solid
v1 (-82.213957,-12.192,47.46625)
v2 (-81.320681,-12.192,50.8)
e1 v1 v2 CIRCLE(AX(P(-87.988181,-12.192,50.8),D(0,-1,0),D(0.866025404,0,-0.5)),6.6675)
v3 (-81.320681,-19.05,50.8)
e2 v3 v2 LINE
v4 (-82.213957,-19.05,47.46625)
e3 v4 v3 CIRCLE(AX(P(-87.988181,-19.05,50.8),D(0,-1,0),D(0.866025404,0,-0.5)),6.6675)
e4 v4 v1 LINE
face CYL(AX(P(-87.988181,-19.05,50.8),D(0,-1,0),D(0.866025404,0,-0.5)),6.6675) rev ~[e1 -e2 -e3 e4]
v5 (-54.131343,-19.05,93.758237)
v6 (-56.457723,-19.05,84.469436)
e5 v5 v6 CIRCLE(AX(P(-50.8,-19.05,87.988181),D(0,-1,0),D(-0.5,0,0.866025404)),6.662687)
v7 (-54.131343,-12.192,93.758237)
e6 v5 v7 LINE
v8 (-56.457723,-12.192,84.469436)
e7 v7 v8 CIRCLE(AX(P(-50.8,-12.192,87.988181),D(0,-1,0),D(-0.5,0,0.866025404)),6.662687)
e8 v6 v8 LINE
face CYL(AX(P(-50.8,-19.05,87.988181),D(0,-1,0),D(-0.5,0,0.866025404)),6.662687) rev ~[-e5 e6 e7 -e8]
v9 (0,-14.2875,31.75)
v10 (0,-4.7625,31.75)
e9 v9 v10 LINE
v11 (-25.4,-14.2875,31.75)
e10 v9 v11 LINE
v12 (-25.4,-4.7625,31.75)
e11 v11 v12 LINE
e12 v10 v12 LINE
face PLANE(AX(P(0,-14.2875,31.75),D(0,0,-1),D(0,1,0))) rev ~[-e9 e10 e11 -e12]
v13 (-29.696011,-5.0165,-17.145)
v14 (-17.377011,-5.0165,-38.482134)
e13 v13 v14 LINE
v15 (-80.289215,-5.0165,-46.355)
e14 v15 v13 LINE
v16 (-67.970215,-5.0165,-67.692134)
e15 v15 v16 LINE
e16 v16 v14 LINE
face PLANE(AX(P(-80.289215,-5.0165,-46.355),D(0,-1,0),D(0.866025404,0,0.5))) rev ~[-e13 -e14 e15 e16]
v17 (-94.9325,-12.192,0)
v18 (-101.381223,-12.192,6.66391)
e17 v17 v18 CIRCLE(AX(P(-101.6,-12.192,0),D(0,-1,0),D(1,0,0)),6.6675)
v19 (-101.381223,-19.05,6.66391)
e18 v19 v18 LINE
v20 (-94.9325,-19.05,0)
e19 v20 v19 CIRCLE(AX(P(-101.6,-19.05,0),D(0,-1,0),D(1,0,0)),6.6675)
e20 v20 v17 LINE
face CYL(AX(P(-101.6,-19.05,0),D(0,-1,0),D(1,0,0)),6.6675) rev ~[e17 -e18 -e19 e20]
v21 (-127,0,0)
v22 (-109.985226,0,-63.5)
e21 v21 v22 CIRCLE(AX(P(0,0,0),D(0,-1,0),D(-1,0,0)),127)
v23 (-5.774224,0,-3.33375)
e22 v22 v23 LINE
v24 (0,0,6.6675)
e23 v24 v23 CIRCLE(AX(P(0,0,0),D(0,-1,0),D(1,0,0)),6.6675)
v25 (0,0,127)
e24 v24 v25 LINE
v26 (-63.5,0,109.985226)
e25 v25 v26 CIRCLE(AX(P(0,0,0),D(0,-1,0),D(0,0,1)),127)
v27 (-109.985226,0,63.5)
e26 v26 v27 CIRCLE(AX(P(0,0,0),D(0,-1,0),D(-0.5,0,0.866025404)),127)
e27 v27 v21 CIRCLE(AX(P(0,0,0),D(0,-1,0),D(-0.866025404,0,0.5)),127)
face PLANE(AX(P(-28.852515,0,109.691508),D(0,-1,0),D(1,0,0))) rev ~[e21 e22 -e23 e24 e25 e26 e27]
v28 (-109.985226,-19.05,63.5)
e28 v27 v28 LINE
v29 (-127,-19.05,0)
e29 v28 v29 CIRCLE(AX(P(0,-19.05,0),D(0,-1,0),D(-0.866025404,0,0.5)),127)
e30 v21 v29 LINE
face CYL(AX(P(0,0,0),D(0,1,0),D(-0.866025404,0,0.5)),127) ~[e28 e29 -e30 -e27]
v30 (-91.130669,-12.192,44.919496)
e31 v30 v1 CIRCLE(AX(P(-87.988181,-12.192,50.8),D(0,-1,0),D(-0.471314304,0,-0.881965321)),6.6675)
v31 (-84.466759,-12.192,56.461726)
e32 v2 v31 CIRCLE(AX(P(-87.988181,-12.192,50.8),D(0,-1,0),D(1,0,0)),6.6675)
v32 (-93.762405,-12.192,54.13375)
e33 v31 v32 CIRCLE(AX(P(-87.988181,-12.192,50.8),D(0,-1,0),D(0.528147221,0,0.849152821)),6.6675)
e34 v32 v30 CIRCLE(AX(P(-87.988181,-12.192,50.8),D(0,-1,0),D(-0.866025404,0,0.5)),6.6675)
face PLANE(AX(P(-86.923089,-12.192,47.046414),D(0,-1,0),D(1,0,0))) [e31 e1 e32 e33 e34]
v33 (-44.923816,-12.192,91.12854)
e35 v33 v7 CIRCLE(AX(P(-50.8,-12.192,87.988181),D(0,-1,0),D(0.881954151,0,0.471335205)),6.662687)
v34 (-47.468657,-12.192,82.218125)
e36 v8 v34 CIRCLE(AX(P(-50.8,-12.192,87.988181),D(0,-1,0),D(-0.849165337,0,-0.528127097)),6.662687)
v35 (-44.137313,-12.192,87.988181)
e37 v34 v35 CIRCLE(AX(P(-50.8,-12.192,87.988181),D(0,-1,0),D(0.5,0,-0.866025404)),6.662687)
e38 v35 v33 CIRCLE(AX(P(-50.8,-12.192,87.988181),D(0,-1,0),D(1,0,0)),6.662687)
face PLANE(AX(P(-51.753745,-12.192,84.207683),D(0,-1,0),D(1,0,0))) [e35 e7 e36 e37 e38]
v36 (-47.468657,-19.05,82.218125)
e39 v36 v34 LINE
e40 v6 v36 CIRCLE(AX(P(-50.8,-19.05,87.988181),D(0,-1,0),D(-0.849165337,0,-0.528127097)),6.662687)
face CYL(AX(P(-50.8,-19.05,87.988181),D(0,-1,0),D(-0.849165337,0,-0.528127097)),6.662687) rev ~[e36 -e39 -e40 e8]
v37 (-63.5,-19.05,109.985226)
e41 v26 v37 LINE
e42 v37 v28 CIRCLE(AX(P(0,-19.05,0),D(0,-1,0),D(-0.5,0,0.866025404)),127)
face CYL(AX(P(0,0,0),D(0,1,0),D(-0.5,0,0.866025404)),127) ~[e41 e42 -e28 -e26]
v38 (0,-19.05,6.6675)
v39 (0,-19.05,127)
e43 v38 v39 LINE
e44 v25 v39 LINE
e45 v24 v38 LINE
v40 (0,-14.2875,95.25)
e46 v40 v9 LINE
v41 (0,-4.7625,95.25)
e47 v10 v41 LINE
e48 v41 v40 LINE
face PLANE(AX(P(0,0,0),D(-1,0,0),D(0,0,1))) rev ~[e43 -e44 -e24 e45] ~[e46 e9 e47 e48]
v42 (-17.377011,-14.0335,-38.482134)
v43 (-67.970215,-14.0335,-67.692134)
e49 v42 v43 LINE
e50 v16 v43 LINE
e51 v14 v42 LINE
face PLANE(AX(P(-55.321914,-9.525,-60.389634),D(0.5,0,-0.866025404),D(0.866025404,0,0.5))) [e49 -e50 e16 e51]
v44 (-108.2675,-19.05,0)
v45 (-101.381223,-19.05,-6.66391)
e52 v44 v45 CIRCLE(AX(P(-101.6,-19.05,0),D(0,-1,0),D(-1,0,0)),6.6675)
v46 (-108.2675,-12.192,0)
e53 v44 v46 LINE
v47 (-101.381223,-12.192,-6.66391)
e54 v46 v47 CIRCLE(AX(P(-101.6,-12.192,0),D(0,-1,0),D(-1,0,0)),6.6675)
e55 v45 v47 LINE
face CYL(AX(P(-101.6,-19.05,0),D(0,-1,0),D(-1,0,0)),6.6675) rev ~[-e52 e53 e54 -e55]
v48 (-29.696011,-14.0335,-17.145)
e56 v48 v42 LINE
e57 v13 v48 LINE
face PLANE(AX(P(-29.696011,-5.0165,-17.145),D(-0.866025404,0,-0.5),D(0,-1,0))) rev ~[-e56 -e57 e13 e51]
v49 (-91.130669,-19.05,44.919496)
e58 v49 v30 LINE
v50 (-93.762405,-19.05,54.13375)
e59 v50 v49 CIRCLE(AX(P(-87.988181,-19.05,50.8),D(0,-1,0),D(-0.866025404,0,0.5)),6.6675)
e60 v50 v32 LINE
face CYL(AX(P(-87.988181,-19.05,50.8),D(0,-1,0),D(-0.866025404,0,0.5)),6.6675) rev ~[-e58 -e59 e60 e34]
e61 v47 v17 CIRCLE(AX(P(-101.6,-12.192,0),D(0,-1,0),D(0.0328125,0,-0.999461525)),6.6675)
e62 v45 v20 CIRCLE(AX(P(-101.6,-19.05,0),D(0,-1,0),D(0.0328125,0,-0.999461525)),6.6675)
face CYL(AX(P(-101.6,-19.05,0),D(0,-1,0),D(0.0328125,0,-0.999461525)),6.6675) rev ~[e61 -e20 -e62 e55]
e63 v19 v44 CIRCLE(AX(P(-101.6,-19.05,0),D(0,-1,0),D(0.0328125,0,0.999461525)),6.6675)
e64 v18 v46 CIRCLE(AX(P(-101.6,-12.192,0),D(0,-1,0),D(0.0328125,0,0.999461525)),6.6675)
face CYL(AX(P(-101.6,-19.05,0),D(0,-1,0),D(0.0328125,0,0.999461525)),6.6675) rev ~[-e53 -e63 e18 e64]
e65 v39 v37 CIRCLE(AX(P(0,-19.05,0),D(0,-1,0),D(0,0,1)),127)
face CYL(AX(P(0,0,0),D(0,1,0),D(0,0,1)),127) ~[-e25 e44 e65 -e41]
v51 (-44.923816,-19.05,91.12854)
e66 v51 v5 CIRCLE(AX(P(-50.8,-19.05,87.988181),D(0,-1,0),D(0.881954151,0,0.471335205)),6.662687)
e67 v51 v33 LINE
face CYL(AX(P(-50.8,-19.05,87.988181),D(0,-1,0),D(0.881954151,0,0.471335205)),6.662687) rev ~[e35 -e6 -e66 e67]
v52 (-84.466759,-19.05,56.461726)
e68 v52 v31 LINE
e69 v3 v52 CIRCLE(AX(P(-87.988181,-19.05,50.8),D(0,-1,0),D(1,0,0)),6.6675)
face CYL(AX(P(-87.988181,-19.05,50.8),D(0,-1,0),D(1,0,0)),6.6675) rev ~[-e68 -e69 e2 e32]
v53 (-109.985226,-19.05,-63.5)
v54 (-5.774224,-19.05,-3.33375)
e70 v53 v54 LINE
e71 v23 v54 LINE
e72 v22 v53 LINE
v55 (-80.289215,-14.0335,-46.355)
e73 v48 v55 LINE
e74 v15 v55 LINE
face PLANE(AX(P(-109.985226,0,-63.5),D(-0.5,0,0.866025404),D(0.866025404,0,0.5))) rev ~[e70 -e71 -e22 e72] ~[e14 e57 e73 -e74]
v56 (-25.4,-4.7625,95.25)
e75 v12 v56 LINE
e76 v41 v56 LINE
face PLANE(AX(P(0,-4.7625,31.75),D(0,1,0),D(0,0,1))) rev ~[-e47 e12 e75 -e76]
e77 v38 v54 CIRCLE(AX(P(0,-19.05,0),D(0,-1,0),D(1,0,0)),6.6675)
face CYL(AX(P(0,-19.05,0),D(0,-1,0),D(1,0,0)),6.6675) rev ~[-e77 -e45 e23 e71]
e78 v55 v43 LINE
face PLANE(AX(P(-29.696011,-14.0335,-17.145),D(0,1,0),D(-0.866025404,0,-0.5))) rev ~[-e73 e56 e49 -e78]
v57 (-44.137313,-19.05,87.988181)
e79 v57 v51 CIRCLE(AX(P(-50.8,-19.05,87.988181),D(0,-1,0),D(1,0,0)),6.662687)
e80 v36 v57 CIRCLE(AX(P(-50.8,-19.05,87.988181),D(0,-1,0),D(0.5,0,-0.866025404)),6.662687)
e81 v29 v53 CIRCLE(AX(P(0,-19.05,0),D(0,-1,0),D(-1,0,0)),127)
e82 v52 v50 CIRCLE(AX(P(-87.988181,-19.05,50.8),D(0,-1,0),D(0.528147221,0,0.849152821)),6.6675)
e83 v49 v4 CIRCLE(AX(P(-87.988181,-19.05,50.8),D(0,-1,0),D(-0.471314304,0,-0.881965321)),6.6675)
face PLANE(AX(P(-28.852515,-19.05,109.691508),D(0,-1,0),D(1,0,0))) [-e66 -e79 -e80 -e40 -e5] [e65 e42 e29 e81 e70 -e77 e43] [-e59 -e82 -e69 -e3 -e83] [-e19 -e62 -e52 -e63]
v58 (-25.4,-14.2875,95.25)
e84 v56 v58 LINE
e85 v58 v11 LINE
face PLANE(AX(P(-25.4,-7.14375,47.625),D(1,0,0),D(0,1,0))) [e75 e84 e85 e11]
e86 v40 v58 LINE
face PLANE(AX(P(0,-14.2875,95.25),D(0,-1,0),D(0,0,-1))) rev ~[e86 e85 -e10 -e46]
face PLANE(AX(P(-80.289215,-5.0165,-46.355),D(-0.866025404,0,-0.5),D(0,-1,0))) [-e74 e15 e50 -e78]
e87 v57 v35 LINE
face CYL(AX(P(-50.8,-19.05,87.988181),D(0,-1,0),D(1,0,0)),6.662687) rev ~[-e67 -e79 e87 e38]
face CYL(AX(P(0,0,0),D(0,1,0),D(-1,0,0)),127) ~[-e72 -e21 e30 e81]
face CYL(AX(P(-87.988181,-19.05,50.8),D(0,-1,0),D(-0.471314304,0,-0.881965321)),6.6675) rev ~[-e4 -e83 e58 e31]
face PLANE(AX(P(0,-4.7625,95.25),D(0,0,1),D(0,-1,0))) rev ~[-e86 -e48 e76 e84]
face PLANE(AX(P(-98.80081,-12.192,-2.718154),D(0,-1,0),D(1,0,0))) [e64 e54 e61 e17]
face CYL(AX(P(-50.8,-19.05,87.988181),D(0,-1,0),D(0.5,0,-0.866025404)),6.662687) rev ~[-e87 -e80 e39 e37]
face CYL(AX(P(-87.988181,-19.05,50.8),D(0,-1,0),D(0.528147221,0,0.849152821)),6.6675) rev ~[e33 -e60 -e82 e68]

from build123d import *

# Parameters (mm, degrees)
F1_DEPTH = 19.05
F2_W     = 4.7625
F2_H     = 31.75
F3_DEPTH = 25.4
F4_W     = 29.21
F4_H     = 9.017
F5_DEPTH = 24.638
F7_DEPTH = 6.858
F8_R     = 6.6675
F9_DEPTH = 25.4


with BuildPart() as f1:
    # F0 (on Front) → F1 (new body)
    with BuildSketch(Plane.XZ):
        with BuildLine():
            Line((0, 101.6), (0, 127))
            ThreePointArc((0, 127), (-32.870018728, 122.6725799387), (-63.5, 109.9852262806))
            Line((-63.5, 109.9852262806), (-54.102, 93.7074127911))
            ThreePointArc((-54.102, 93.7074127911), (-48.9873127514, 94.3385338445), (-44.9764745007, 91.1025616626))
            ThreePointArc((-44.9764745007, 91.1025616626), (-23.092636652, 98.9408415795), (0, 101.6))
        make_face()
        with BuildLine():
            Line((-108.204, 0), (-127, 0))
            ThreePointArc((-127, 0), (-122.6725799387, -32.870018728), (-109.9852262806, -63.5))
            Line((-109.9852262806, -63.5), (-87.9881810245, -50.8))
            ThreePointArc((-87.9881810245, -50.8), (-97.2316006056, -29.4716108088), (-101.38537, -6.600511341))
            ThreePointArc((-101.38537, -6.600511341), (-106.1932232408, -4.7450096164), (-108.204, 0))
        make_face()
        with BuildLine():
            Line((0, 0), (0, 101.6))
            ThreePointArc((0, 101.6), (-23.092636652, 98.9408415795), (-44.9764745007, 91.1025616626))
            ThreePointArc((-44.9764745007, 91.1025616626), (-44.3940895106, 89.5935242281), (-44.196, 87.9881810245))
            ThreePointArc((-44.196, 87.9881810245), (-45.0807682334, 84.6861810245), (-47.498, 82.2689492579))
            Line((-47.498, 82.2689492579), (0, 0))
        make_face()
        with BuildLine():
            Line((-87.9881810245, -50.8), (0, 0))
            Line((0, 0), (-94.996, 0))
            ThreePointArc((-94.996, 0), (-96.8549903836, -4.5932232408), (-101.38537, -6.600511341))
            ThreePointArc((-101.38537, -6.600511341), (-97.2316006056, -29.4716108088), (-87.9881810245, -50.8))
        make_face()
        with BuildLine():
            Line((-54.102, 93.7074127911), (-63.5, 109.9852262806))
            ThreePointArc((-63.5, 109.9852262806), (-89.8025612107, 89.8025612107), (-109.9852262806, 63.5))
            Line((-109.9852262806, 63.5), (-93.7074127911, 54.102))
            ThreePointArc((-93.7074127911, 54.102), (-89.5935242281, 57.2059104894), (-84.5020503216, 56.4088954993))
            ThreePointArc((-84.5020503216, 56.4088954993), (-71.8420489686, 71.8420489686), (-56.4088954993, 84.5020503216))
            ThreePointArc((-56.4088954993, 84.5020503216), (-57.2059104894, 89.5935242281), (-54.102, 93.7074127911))
        make_face()
        with BuildLine():
            Line((-93.7074127911, 54.102), (-109.9852262806, 63.5))
            ThreePointArc((-109.9852262806, 63.5), (-122.6725799387, 32.870018728), (-127, 0))
            Line((-127, 0), (-108.204, 0))
            ThreePointArc((-108.204, 0), (-106.1932232408, 4.7450096164), (-101.38537, 6.600511341))
            ThreePointArc((-101.38537, 6.600511341), (-98.138063951, 26.2960149824), (-91.1025616626, 44.9764745007))
            ThreePointArc((-91.1025616626, 44.9764745007), (-94.3385338445, 48.9873127514), (-93.7074127911, 54.102))
        make_face()
        with BuildLine():
            Line((-82.2689492579, 47.498), (0, 0))
            Line((0, 0), (-47.498, 82.2689492579))
            ThreePointArc((-47.498, 82.2689492579), (-52.4053432036, 81.5822705351), (-56.4088954993, 84.5020503216))
            ThreePointArc((-56.4088954993, 84.5020503216), (-71.8420489686, 71.8420489686), (-84.5020503216, 56.4088954993))
            ThreePointArc((-84.5020503216, 56.4088954993), (-82.2160400369, 54.0086140963), (-81.3841810245, 50.8))
            ThreePointArc((-81.3841810245, 50.8), (-81.6092068677, 49.0907590261), (-82.2689492579, 47.498))
        make_face()
        with BuildLine():
            Line((-94.996, 0), (0, 0))
            Line((0, 0), (-82.2689492579, 47.498))
            ThreePointArc((-82.2689492579, 47.498), (-86.1754937759, 44.44964718), (-91.1025616626, 44.9764745007))
            ThreePointArc((-91.1025616626, 44.9764745007), (-98.138063951, 26.2960149824), (-101.38537, 6.600511341))
            ThreePointArc((-101.38537, 6.600511341), (-96.8549903836, 4.5932232408), (-94.996, 0))
        make_face()
        with BuildLine():
            Line((-101.6, 0), (-108.204, 0))
            ThreePointArc((-108.204, 0), (-106.1932232408, -4.7450096164), (-101.38537, -6.600511341))
            ThreePointArc((-101.38537, -6.600511341), (-101.5463283236, -3.302), (-101.6, 0))
        make_face()
        with BuildLine():
            ThreePointArc((-101.38537, -6.600511341), (-96.8549903836, -4.5932232408), (-94.996, 0))
            Line((-94.996, 0), (-101.6, 0))
            ThreePointArc((-101.6, 0), (-101.5463283236, -3.302), (-101.38537, -6.600511341))
        make_face()
        with BuildLine():
            ThreePointArc((-101.38537, 6.600511341), (-106.1932232408, 4.7450096164), (-108.204, 0))
            Line((-108.204, 0), (-101.6, 0))
            ThreePointArc((-101.6, 0), (-101.5463283236, 3.302), (-101.38537, 6.600511341))
        make_face()
        with BuildLine():
            Line((-101.6, 0), (-94.996, 0))
            ThreePointArc((-94.996, 0), (-96.8549903836, 4.5932232408), (-101.38537, 6.600511341))
            ThreePointArc((-101.38537, 6.600511341), (-101.5463283236, 3.302), (-101.6, 0))
        make_face()
        with BuildLine():
            ThreePointArc((-91.1025616626, 44.9764745007), (-86.1754937759, 44.44964718), (-82.2689492579, 47.498))
            Line((-82.2689492579, 47.498), (-87.9881810245, 50.8))
            ThreePointArc((-87.9881810245, 50.8), (-89.5926999893, 47.9135482785), (-91.1025616626, 44.9764745007))
        make_face()
        with BuildLine():
            Line((-87.9881810245, 50.8), (-93.7074127911, 54.102))
            ThreePointArc((-93.7074127911, 54.102), (-94.3385338445, 48.9873127514), (-91.1025616626, 44.9764745007))
            ThreePointArc((-91.1025616626, 44.9764745007), (-89.5926999893, 47.9135482785), (-87.9881810245, 50.8))
        make_face()
        with BuildLine():
            ThreePointArc((-84.5020503216, 56.4088954993), (-89.5935242281, 57.2059104894), (-93.7074127911, 54.102))
            Line((-93.7074127911, 54.102), (-87.9881810245, 50.8))
            ThreePointArc((-87.9881810245, 50.8), (-86.2906999893, 53.6327800451), (-84.5020503216, 56.4088954993))
        make_face()
        with BuildLine():
            Line((-87.9881810245, 50.8), (-82.2689492579, 47.498))
            ThreePointArc((-82.2689492579, 47.498), (-81.6092068677, 49.0907590261), (-81.3841810245, 50.8))
            ThreePointArc((-81.3841810245, 50.8), (-82.2160400369, 54.0086140963), (-84.5020503216, 56.4088954993))
            ThreePointArc((-84.5020503216, 56.4088954993), (-86.2906999893, 53.6327800451), (-87.9881810245, 50.8))
        make_face()
        with BuildLine():
            Line((-47.498, 82.2689492579), (-50.8, 87.9881810245))
            ThreePointArc((-50.8, 87.9881810245), (-53.6327800451, 86.2906999893), (-56.4088954993, 84.5020503216))
            ThreePointArc((-56.4088954993, 84.5020503216), (-52.4053432036, 81.5822705351), (-47.498, 82.2689492579))
        make_face()
        with BuildLine():
            ThreePointArc((-44.196, 87.9881810245), (-44.3940895106, 89.5935242281), (-44.9764745007, 91.1025616626))
            ThreePointArc((-44.9764745007, 91.1025616626), (-47.9135482785, 89.5926999893), (-50.8, 87.9881810245))
            Line((-50.8, 87.9881810245), (-47.498, 82.2689492579))
            ThreePointArc((-47.498, 82.2689492579), (-45.0807682334, 84.6861810245), (-44.196, 87.9881810245))
        make_face()
        with BuildLine():
            ThreePointArc((-44.9764745007, 91.1025616626), (-48.9873127514, 94.3385338445), (-54.102, 93.7074127911))
            Line((-54.102, 93.7074127911), (-50.8, 87.9881810245))
            ThreePointArc((-50.8, 87.9881810245), (-47.9135482785, 89.5926999893), (-44.9764745007, 91.1025616626))
        make_face()
        with BuildLine():
            Line((-50.8, 87.9881810245), (-54.102, 93.7074127911))
            ThreePointArc((-54.102, 93.7074127911), (-57.2059104894, 89.5935242281), (-56.4088954993, 84.5020503216))
            ThreePointArc((-56.4088954993, 84.5020503216), (-53.6327800451, 86.2906999893), (-50.8, 87.9881810245))
        make_face()
    extrude(amount=F1_DEPTH)

    # F2 (on face) → F3 (cut)
    with BuildSketch(Plane.YZ):
        with Locations((-7.14375, 47.625)):
            Rectangle(F2_W, F2_H)
        with Locations((-11.90625, 47.625)):
            Rectangle(F2_W, F2_H)
        with Locations((-11.90625, 79.375)):
            Rectangle(F2_W, F2_H)
        with Locations((-7.14375, 79.375)):
            Rectangle(F2_W, F2_H)
    extrude(amount=-F3_DEPTH, mode=Mode.SUBTRACT)

    # F4 (on face) → F5 (join)
    with BuildSketch(Plane(origin=(0, 0, 0), x_dir=(0.8660254038, 0, 0.5), z_dir=(0.5, 0, -0.8660254038))):
        with Locations((-78.105, 9.525)):
            Rectangle(F4_W, F4_H)
        with Locations((-48.895, 9.525)):
            Rectangle(F4_W, F4_H)
    extrude(amount=F5_DEPTH)

    # F6 (on face) → F7 (cut)
    with BuildSketch(Plane.XZ.offset(19.05)):
        with BuildLine():
            ThreePointArc((-101.3812226563, -6.6639097176), (-96.808640371, -4.6366398561), (-94.9325, 0))
            Line((-94.9325, 0), (-101.6, 0))
            ThreePointArc((-101.6, 0), (-101.5452909343, -3.33375), (-101.3812226563, -6.6639097176))
        make_face()
        with BuildLine():
            ThreePointArc((-101.3812226563, -6.6639097176), (-101.5452909343, -3.33375), (-101.6, 0))
            Line((-101.6, 0), (-108.2675, 0))
            ThreePointArc((-108.2675, 0), (-106.2366398561, -4.791359629), (-101.3812226563, -6.6639097176))
        make_face()
        with BuildLine():
            Line((-108.2675, 0), (-101.6, 0))
            ThreePointArc((-101.6, 0), (-101.5452909343, 3.33375), (-101.3812226563, 6.6639097176))
            ThreePointArc((-101.3812226563, 6.6639097176), (-106.2366398561, 4.791359629), (-108.2675, 0))
        make_face()
        with BuildLine():
            Line((-101.6, 0), (-94.9325, 0))
            ThreePointArc((-94.9325, 0), (-96.808640371, 4.6366398561), (-101.3812226563, 6.6639097176))
            ThreePointArc((-101.3812226563, 6.6639097176), (-101.5452909343, 3.33375), (-101.6, 0))
        make_face()
        with BuildLine():
            ThreePointArc((-91.1306691458, 44.9194962242), (-86.1570617951, 44.3888722819), (-82.2139566448, 47.46625))
            Line((-82.2139566448, 47.46625), (-87.9881810245, 50.8))
            ThreePointArc((-87.9881810245, 50.8), (-89.6076765838, 47.8855332773), (-91.1306691458, 44.9194962242))
        make_face()
        with BuildLine():
            ThreePointArc((-91.1306691458, 44.9194962242), (-89.6076765838, 47.8855332773), (-87.9881810245, 50.8))
            Line((-87.9881810245, 50.8), (-93.7624054042, 54.13375))
            ThreePointArc((-93.7624054042, 54.13375), (-94.3993087426, 48.9688807706), (-91.1306691458, 44.9194962242))
        make_face()
        with BuildLine():
            Line((-93.7624054042, 54.13375), (-87.9881810245, 50.8))
            ThreePointArc((-87.9881810245, 50.8), (-86.2739265838, 53.659757657), (-84.4667594283, 56.4617264321))
            ThreePointArc((-84.4667594283, 56.4617264321), (-89.6079491136, 57.2677590855), (-93.7624054042, 54.13375))
        make_face()
        with BuildLine():
            Line((-87.9881810245, 50.8), (-82.2139566448, 47.46625))
            ThreePointArc((-82.2139566448, 47.46625), (-81.5478705777, 49.0743240168), (-81.3206810245, 50.8))
            ThreePointArc((-81.3206810245, 50.8), (-82.1600323157, 54.0385550603), (-84.4667594283, 56.4617264321))
            ThreePointArc((-84.4667594283, 56.4617264321), (-86.2739265838, 53.659757657), (-87.9881810245, 50.8))
        make_face()
        with BuildLine():
            ThreePointArc((-56.4577228186, 84.4694355027), (-52.4186754183, 81.525109972), (-47.4686565195, 82.2181248589))
            Line((-47.4686565195, 82.2181248589), (-50.8, 87.9881810245))
            ThreePointArc((-50.8, 87.9881810245), (-53.6577130389, 86.2751982405), (-56.4577228186, 84.4694355027))
        make_face()
        with BuildLine():
            Line((-54.1313434805, 93.7582371901), (-50.8, 87.9881810245))
            ThreePointArc((-50.8, 87.9881810245), (-47.8876568733, 89.6065417209), (-44.9238155794, 91.128539952))
            ThreePointArc((-44.9238155794, 91.128539952), (-48.9702785065, 94.3947024516), (-54.1313434805, 93.7582371901))
        make_face()
        with BuildLine():
            ThreePointArc((-56.4577228186, 84.4694355027), (-53.6577130389, 86.2751982405), (-50.8, 87.9881810245))
            Line((-50.8, 87.9881810245), (-54.1313434805, 93.7582371901))
            ThreePointArc((-54.1313434805, 93.7582371901), (-57.2630710525, 89.6068564428), (-56.4577228186, 84.4694355027))
        make_face()
        with BuildLine():
            Line((-50.8, 87.9881810245), (-47.4686565195, 82.2181248589))
            ThreePointArc((-47.4686565195, 82.2181248589), (-45.0299438344, 84.656837544), (-44.1373130391, 87.9881810245))
            ThreePointArc((-44.1373130391, 87.9881810245), (-44.3369289475, 89.6068564428), (-44.9238155794, 91.128539952))
            ThreePointArc((-44.9238155794, 91.128539952), (-47.8876568733, 89.6065417209), (-50.8, 87.9881810245))
        make_face()
    extrude(amount=-F7_DEPTH, mode=Mode.SUBTRACT)

    # F8 (on face) → F9 (cut)
    with BuildSketch(Plane.XZ.offset(19.05)):
        Circle(F8_R)
    extrude(amount=-F9_DEPTH, mode=Mode.SUBTRACT)


solid = f1.part
